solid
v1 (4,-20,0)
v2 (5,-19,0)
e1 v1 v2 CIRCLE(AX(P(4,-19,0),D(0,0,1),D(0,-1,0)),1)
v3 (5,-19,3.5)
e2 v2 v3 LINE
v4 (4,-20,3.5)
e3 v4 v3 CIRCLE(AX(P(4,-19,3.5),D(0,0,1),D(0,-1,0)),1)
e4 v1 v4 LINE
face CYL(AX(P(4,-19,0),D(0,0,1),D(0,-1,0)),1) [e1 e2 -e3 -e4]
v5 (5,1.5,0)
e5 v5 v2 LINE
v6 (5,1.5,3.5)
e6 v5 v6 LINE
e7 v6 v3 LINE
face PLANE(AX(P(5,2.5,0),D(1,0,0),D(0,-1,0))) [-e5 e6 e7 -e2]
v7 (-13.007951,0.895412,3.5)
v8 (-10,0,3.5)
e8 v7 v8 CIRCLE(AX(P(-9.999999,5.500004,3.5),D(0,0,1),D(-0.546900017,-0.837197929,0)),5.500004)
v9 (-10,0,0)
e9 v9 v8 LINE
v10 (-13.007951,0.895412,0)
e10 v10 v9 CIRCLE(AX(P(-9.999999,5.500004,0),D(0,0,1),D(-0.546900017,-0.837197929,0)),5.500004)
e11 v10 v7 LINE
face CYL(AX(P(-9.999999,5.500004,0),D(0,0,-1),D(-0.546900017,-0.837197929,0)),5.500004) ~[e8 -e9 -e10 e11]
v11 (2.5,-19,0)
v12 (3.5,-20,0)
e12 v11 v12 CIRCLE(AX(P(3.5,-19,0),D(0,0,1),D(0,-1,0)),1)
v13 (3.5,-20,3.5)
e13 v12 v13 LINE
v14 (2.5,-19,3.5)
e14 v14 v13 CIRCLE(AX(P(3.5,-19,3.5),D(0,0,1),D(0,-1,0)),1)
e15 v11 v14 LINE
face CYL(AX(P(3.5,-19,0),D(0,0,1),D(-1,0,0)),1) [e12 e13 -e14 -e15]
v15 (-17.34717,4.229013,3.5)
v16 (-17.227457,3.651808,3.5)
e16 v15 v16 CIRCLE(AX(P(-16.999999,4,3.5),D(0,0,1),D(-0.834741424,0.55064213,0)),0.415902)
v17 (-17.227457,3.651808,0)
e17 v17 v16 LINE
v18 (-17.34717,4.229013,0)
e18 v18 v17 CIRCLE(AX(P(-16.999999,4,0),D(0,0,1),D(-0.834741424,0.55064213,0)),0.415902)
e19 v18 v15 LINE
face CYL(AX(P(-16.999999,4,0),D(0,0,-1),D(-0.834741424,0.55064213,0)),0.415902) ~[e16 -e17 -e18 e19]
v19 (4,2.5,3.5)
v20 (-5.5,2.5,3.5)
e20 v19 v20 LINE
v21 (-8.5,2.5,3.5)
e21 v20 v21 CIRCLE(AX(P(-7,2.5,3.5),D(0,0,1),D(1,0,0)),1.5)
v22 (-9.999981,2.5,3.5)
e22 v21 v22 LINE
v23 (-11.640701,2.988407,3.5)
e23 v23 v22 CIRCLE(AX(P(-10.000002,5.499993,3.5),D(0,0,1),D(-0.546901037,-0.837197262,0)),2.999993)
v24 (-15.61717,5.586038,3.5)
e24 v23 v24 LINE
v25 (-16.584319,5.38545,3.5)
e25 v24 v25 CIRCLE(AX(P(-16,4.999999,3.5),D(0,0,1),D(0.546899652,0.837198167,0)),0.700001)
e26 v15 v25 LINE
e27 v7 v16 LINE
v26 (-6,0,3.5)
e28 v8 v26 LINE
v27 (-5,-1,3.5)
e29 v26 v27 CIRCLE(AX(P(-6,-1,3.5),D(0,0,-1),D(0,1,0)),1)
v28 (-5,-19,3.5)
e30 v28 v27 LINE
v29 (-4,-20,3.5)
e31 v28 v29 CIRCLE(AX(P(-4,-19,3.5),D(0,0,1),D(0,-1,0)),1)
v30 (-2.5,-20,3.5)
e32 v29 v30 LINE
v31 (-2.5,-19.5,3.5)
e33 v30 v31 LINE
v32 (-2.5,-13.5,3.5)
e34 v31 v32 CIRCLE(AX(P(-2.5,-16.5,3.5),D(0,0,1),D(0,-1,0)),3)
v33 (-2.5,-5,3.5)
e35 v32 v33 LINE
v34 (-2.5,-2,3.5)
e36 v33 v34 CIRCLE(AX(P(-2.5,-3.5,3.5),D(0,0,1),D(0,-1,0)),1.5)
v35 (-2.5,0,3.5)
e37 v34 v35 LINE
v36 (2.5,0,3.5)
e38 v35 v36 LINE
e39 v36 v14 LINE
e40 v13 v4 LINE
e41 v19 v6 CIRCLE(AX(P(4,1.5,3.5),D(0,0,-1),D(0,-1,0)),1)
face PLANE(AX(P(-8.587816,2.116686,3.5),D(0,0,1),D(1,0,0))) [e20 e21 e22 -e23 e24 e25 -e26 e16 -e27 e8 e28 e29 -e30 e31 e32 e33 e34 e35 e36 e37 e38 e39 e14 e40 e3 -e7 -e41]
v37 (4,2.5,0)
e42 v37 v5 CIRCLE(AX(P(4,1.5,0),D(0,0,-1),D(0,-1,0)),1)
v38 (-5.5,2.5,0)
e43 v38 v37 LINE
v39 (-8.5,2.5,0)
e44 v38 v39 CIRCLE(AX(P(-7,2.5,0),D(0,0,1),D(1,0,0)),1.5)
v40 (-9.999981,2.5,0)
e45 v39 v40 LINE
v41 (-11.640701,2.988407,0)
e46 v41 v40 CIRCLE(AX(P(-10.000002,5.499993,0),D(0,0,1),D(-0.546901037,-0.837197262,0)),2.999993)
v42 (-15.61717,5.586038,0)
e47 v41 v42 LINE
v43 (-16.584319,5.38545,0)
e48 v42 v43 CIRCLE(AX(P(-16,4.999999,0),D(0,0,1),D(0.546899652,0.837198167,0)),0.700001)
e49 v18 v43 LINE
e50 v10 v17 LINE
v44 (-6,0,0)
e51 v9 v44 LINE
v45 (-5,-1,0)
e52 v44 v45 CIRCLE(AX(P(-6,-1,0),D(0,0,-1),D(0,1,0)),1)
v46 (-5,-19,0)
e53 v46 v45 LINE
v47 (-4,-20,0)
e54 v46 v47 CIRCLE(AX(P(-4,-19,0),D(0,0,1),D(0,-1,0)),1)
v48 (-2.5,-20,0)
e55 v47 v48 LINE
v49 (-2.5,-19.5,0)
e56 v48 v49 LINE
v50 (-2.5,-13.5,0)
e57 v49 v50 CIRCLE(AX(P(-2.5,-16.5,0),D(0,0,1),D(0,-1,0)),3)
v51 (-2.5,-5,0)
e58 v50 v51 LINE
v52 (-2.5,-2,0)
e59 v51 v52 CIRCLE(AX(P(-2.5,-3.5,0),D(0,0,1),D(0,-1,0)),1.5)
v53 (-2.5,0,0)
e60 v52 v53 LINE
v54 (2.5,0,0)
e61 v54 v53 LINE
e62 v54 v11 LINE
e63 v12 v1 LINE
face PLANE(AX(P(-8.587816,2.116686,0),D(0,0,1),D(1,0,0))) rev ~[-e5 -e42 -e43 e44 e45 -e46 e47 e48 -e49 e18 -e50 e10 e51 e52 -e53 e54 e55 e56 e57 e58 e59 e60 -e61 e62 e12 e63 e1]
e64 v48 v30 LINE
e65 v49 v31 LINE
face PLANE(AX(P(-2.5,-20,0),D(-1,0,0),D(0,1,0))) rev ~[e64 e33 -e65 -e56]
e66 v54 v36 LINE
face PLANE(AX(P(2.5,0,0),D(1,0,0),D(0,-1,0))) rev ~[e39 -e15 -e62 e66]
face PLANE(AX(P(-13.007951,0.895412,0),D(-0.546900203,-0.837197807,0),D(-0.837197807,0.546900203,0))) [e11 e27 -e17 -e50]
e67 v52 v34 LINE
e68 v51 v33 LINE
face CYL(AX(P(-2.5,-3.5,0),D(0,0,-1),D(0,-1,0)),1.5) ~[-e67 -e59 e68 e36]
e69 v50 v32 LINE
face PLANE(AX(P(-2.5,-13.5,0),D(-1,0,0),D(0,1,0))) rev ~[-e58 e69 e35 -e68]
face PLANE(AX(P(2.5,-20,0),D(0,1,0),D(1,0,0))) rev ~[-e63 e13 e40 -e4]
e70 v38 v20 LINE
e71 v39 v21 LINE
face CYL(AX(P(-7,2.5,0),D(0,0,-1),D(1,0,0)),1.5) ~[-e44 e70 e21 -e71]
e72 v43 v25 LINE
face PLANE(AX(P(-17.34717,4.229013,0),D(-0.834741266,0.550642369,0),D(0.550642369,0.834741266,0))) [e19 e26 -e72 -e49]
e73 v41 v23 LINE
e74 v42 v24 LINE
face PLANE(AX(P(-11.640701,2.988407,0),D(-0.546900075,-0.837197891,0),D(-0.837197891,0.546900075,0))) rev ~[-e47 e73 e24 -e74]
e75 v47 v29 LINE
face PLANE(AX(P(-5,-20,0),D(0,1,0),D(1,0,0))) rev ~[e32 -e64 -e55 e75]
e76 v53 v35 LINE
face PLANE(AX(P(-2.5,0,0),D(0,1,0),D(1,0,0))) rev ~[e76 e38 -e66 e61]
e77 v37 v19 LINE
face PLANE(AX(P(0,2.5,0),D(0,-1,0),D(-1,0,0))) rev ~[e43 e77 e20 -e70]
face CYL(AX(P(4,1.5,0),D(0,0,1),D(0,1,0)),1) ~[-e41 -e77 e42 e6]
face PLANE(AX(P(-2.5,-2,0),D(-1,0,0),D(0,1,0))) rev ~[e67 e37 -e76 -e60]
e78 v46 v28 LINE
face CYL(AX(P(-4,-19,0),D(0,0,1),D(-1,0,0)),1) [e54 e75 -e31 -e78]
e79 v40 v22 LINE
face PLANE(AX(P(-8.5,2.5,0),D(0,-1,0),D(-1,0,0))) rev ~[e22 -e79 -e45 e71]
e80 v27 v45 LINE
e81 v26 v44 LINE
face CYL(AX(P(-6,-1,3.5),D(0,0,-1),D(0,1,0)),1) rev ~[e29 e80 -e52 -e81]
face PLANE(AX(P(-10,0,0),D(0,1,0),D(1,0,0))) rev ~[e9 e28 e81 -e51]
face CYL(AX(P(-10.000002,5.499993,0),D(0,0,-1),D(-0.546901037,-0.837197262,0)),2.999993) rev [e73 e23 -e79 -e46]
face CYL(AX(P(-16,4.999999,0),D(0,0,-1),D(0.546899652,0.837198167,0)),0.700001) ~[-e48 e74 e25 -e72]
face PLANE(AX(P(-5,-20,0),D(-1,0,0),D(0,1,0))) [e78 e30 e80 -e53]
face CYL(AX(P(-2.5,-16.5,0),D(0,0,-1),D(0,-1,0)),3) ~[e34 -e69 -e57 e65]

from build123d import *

# Parameters (mm, degrees)
PAD_DEPTH    = 3.5
PAD001_DEPTH = 3.5
FILLET_R     = 1
FILLET001_R  = 1


with BuildPart() as part:
    # Sketch → Pad (new body)
    with BuildSketch(Plane.XY):
        with BuildLine():
            Line((-2.5, 0), (2.5, 0))
            Line((2.5, 0), (2.5, -20))
            Line((2.5, -20), (5, -20))
            Line((5, 2.5), (5, -20))
            Line((-5, 2.5), (5, 2.5))
            Line((-5, -20), (-5, 2.5))
            Line((-5, -20), (-2.5, -20))
            Line((-2.5, -20), (-2.5, -19.5))
            ThreePointArc((-2.5, -19.5), (0.5, -16.5), (-2.5, -13.5))
            Line((-2.5, -13.5), (-2.5, -5))
            ThreePointArc((-2.5, -5), (-1, -3.5), (-2.5, -2))
            Line((-2.5, -2), (-2.5, 0))
        make_face()
    extrude(amount=PAD_DEPTH)

    # Sketch001 → Pad001 (join)
    with BuildSketch(Plane.XY):
        with BuildLine():
            Line((-10, 0), (0, 0))
            Line((0, 0), (0, 2.5))
            Line((0, 2.5), (-5.5, 2.5))
            ThreePointArc((-5.5, 2.5), (-7, 4), (-8.5, 2.5))
            Line((-8.5, 2.5), (-9.999981, 2.5))
            ThreePointArc((-11.640701, 2.988407), (-10.855917, 2.62469), (-9.999981, 2.5))
            Line((-11.640701, 2.988407), (-15.61717, 5.586038))
            ThreePointArc((-15.61717, 5.586038), (-16.142156, 5.685413), (-16.584319, 5.38545))
            Line((-17.34717, 4.229013), (-16.584319, 5.38545))
            ThreePointArc((-17.34717, 4.229013), (-17.407235, 3.915539), (-17.227457, 3.651808))
            Line((-13.007951, 0.895412), (-17.227457, 3.651808))
            ThreePointArc((-13.007951, 0.895412), (-11.569198, 0.228604), (-10, 0))
        make_face()
    extrude(amount=PAD001_DEPTH)

    # Fillet
    fillet_edges = [part.edges().sort_by_distance(p)[0] for p in [
        (-5, 0, 1.75),
    ]]
    fillet(fillet_edges, radius=FILLET_R)

    # Fillet001
    fillet001_edges = [part.edges().sort_by_distance(p)[0] for p in [
        (5, 2.5, 1.75),
        (5, -20, 1.75),
        (2.5, -20, 1.75),
        (-5, -20, 1.75),
    ]]
    fillet(fillet001_edges, radius=FILLET001_R)


solid = part.part
